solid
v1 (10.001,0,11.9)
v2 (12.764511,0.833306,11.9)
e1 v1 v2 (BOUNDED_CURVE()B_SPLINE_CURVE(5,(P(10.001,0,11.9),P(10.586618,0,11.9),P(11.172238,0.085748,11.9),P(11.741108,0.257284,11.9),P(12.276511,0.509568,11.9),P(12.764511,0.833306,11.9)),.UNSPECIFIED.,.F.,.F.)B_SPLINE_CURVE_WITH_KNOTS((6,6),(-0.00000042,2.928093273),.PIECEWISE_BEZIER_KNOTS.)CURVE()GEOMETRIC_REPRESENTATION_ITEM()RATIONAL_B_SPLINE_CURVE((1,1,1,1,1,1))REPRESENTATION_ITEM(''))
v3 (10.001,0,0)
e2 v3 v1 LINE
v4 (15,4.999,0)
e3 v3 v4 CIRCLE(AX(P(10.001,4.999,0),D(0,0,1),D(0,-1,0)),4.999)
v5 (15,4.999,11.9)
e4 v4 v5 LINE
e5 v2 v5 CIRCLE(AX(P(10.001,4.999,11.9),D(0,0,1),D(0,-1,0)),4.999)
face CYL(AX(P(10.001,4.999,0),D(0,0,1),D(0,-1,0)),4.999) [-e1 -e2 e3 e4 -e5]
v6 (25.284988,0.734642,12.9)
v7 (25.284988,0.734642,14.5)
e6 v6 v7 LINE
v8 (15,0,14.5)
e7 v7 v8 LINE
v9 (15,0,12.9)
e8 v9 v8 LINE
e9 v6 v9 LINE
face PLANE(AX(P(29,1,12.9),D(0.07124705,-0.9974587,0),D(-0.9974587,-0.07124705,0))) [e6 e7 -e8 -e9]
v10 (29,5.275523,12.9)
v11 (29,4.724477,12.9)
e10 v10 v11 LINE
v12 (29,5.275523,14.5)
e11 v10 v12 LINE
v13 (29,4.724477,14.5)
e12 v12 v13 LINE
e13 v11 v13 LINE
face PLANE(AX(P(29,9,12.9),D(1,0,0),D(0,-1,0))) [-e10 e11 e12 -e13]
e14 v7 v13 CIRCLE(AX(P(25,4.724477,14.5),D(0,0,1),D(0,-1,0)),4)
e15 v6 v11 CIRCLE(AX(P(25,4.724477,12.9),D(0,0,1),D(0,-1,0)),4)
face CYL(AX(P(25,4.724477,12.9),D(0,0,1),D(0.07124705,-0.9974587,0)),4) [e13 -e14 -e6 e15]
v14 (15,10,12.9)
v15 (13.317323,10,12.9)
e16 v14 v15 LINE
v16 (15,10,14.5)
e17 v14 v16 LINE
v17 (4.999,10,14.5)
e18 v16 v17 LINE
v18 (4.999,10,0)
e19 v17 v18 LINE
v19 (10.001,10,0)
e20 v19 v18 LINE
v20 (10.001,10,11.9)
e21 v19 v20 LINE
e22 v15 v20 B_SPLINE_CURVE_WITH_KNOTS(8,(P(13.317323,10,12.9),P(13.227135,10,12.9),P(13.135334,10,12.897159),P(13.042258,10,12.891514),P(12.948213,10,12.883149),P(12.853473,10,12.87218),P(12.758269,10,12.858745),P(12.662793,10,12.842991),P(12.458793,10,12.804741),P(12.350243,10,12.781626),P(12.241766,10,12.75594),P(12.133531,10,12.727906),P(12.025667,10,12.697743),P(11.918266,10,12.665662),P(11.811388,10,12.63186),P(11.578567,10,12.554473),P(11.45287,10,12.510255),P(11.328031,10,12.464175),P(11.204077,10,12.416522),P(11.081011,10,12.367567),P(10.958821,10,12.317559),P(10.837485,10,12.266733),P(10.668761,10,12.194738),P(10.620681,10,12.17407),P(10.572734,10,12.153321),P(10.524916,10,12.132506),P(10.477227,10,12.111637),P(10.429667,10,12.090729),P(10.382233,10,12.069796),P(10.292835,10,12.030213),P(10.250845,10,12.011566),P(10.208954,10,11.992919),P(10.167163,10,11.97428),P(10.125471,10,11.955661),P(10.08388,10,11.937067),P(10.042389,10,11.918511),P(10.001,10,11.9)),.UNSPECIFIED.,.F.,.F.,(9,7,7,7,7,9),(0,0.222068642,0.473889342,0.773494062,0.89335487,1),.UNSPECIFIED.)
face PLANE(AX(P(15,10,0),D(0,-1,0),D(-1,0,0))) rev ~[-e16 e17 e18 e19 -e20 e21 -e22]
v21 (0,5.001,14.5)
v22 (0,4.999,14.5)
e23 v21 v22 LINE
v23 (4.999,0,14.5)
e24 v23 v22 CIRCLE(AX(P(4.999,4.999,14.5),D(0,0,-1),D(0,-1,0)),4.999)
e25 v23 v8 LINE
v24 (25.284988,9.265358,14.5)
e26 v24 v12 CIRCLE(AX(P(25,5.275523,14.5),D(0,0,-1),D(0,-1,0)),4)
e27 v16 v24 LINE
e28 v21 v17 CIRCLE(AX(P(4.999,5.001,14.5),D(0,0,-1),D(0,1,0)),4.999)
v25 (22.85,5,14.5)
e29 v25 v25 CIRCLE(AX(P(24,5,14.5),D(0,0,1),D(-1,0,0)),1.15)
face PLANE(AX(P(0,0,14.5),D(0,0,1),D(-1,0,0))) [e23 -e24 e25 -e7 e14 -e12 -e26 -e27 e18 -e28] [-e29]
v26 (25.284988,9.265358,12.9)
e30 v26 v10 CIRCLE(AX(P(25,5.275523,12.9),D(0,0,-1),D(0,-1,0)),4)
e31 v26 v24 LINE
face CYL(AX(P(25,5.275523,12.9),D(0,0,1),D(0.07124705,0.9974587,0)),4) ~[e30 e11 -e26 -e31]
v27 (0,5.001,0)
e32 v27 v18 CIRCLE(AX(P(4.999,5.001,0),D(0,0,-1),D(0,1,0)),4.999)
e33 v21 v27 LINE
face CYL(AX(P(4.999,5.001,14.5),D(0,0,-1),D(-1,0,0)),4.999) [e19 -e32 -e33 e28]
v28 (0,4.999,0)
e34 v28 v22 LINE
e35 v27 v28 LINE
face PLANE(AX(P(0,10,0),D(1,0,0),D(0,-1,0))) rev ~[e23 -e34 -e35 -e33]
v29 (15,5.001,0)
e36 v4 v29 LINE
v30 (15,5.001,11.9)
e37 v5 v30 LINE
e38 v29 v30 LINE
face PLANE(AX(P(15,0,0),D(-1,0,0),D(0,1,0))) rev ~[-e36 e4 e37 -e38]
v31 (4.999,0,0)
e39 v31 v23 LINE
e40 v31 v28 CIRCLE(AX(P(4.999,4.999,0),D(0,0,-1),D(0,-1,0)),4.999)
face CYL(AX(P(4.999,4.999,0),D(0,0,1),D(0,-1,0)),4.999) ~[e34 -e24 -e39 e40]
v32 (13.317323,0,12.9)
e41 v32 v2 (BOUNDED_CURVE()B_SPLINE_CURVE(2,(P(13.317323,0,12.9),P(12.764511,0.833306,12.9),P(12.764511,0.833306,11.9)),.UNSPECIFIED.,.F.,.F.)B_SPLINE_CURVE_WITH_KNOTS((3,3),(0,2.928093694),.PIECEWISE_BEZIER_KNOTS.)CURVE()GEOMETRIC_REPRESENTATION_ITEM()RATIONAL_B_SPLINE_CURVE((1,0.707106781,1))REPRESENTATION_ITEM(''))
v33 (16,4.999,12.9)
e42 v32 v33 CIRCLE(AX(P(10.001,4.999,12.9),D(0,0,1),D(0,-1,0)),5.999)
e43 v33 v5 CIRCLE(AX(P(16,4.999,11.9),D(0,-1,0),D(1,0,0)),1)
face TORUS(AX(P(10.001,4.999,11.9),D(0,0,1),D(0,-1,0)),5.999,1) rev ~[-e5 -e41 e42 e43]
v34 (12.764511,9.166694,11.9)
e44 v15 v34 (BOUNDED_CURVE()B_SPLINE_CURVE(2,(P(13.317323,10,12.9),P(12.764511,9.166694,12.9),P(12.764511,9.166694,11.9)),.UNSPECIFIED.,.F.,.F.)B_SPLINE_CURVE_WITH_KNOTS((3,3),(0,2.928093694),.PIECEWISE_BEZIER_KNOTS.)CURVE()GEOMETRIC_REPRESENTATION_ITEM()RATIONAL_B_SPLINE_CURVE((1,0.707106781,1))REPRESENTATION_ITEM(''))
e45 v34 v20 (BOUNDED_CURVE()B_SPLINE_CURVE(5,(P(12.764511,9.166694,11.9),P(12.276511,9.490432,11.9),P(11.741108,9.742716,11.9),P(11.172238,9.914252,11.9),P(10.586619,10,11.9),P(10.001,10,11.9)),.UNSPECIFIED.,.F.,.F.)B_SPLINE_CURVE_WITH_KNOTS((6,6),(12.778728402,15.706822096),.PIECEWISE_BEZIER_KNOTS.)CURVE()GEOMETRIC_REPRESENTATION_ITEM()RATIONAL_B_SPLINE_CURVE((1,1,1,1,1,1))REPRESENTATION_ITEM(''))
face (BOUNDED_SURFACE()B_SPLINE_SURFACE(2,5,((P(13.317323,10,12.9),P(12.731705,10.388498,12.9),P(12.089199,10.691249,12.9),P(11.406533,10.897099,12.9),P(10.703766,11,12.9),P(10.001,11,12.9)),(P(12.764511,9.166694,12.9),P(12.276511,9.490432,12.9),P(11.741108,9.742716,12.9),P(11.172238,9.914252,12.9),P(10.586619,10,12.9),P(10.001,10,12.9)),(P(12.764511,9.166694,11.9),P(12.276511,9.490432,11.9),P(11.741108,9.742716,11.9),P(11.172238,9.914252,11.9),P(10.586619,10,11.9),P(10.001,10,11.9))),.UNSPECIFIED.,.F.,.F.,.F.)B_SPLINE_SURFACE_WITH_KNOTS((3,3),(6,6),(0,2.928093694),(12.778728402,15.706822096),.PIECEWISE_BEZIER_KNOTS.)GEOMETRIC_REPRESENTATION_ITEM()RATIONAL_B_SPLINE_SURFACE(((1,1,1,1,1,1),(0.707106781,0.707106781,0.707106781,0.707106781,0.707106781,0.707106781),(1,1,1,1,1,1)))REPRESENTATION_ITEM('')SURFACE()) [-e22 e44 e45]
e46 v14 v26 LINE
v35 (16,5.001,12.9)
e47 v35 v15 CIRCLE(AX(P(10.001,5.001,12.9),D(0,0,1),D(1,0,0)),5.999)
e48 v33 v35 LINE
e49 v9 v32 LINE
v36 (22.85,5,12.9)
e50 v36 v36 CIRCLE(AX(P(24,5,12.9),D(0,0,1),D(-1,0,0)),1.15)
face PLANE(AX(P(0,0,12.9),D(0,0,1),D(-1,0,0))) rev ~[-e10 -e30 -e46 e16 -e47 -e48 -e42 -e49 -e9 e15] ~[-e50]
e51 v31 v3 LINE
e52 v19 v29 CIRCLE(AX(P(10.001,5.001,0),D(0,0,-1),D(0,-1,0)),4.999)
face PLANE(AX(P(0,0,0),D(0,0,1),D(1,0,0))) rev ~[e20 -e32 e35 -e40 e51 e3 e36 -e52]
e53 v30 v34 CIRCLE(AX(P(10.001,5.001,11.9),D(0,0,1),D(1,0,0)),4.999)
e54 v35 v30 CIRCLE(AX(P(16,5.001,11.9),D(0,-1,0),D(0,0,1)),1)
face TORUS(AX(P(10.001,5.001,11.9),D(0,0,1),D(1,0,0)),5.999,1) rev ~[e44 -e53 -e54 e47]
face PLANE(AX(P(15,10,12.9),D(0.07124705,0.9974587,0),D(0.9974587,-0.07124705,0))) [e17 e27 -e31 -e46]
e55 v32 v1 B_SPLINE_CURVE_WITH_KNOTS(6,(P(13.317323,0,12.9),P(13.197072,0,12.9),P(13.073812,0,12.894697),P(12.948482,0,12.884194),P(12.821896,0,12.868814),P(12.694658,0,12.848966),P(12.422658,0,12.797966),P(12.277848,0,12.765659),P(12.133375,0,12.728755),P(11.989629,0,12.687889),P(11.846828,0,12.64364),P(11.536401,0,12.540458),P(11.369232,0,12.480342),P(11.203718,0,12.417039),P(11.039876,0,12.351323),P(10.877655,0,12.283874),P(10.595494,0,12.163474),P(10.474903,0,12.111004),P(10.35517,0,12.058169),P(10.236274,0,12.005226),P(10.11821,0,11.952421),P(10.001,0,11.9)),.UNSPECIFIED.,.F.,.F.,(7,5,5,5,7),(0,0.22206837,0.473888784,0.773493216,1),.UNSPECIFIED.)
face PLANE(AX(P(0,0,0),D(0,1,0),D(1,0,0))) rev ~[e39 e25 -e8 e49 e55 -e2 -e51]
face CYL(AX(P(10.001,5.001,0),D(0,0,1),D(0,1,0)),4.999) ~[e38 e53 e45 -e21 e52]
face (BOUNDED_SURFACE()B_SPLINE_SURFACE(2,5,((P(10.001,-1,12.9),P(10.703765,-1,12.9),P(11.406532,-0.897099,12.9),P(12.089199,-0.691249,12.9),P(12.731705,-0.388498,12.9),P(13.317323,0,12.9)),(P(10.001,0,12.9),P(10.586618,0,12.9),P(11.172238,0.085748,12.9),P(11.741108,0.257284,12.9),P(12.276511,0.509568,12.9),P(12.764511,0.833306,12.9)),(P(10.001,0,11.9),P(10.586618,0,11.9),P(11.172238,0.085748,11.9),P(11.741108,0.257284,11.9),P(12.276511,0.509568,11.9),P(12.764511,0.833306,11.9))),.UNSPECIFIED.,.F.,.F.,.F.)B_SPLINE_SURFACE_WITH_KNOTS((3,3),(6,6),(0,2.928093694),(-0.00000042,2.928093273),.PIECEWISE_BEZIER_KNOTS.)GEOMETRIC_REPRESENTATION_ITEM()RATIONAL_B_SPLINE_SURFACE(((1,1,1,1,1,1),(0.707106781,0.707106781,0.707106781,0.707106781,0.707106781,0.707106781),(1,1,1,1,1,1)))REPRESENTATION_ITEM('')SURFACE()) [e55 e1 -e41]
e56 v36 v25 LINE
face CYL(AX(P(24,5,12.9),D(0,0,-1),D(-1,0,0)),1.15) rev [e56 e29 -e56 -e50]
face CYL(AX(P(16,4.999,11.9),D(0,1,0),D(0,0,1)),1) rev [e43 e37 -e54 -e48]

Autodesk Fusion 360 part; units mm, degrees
sketch "Skizze1" plane through (0, 0, 0) normal (0, 0, 1) x (1, 0, 0)
  line L0 (0, 0) -> (15, 0)
  line L1 (15, 0) -> (15, 10)
  line L2 (15, 10) -> (0, 10)
  line L3 (0, 10) -> (0, 0)
  dimension "d1" = 15
  dimension "d2" = 10
extrude "Extrusion1" add sketch "Skizze1" along normal blind 12.9
sketch "Skizze2" plane through (0, 0, 12.9) normal (0, 0, 1) x (-1, 0, 0)
  line L0 (0, -10) -> (0, 0)
  line L1 (0, 0) -> (-15, 0)
  line L2 (-15, 0) -> (-15, -10)
  line L3 (-15, -10) -> (0, -10)
  circle A0 centre (-24, -5) radius 1.15
  line L4 (0, -10) -> (-15, -10)
  line L5 (-15, -10) -> (-29, -9)
  line L6 (-29, -9) -> (-29, -1)
  line L7 (-29, -1) -> (-15, 0)
  dimension "Bohrung" = 2.3
  dimension "d8" = 8
  dimension "d9" = 1
  dimension "d12" = 5
  dimension "d21" = 4
  dimension "d22" = 10
extrude "Extrusion2" add sketch "Skizze2" along normal blind 1.6
fillet "Abrundung1" radius 4 2 edges at (29, 9, 13.7) (29, 1, 13.7)
fillet "Abrundung2" radius 5 4 edges at (15, 10, 6.45) (15, 0, 6.45) (0, 0, 7.25) (0, 10, 7.25)
fillet "Abrundung3" radius 1 1 edges at (15, 5, 12.9)
equation "Abstand_Sensor = 12.9 mm" comment "Hier lässt sich die Länge des Abstandshalters einstellen. (Gemessen von Unterkante Abstandshalter bis Rückseite Sensor)  Here you can adjust the length of the spacer. (Measured form bottom ede of the spacher to the backside of the sensor PCB)"
equation "Bohrung = 2.3 mm" comment "Hier lässt sich der Durchmesser für das Schraubloch einstellen.  Here you can adjust the diameter of the hole for the M2 screw."
equation "Länge_Arm = 29 mm" comment "Hier lässt sich die Länge des Arms einstellen an dem der Sensor angeschraubt wird. Here you can adjust the length of the arm on which the sensor is screwed."
equation "Armdicke = 1.6 mm" comment "Ich habe den Arm genau so dick gemacht wie das PCB des Sensors."
